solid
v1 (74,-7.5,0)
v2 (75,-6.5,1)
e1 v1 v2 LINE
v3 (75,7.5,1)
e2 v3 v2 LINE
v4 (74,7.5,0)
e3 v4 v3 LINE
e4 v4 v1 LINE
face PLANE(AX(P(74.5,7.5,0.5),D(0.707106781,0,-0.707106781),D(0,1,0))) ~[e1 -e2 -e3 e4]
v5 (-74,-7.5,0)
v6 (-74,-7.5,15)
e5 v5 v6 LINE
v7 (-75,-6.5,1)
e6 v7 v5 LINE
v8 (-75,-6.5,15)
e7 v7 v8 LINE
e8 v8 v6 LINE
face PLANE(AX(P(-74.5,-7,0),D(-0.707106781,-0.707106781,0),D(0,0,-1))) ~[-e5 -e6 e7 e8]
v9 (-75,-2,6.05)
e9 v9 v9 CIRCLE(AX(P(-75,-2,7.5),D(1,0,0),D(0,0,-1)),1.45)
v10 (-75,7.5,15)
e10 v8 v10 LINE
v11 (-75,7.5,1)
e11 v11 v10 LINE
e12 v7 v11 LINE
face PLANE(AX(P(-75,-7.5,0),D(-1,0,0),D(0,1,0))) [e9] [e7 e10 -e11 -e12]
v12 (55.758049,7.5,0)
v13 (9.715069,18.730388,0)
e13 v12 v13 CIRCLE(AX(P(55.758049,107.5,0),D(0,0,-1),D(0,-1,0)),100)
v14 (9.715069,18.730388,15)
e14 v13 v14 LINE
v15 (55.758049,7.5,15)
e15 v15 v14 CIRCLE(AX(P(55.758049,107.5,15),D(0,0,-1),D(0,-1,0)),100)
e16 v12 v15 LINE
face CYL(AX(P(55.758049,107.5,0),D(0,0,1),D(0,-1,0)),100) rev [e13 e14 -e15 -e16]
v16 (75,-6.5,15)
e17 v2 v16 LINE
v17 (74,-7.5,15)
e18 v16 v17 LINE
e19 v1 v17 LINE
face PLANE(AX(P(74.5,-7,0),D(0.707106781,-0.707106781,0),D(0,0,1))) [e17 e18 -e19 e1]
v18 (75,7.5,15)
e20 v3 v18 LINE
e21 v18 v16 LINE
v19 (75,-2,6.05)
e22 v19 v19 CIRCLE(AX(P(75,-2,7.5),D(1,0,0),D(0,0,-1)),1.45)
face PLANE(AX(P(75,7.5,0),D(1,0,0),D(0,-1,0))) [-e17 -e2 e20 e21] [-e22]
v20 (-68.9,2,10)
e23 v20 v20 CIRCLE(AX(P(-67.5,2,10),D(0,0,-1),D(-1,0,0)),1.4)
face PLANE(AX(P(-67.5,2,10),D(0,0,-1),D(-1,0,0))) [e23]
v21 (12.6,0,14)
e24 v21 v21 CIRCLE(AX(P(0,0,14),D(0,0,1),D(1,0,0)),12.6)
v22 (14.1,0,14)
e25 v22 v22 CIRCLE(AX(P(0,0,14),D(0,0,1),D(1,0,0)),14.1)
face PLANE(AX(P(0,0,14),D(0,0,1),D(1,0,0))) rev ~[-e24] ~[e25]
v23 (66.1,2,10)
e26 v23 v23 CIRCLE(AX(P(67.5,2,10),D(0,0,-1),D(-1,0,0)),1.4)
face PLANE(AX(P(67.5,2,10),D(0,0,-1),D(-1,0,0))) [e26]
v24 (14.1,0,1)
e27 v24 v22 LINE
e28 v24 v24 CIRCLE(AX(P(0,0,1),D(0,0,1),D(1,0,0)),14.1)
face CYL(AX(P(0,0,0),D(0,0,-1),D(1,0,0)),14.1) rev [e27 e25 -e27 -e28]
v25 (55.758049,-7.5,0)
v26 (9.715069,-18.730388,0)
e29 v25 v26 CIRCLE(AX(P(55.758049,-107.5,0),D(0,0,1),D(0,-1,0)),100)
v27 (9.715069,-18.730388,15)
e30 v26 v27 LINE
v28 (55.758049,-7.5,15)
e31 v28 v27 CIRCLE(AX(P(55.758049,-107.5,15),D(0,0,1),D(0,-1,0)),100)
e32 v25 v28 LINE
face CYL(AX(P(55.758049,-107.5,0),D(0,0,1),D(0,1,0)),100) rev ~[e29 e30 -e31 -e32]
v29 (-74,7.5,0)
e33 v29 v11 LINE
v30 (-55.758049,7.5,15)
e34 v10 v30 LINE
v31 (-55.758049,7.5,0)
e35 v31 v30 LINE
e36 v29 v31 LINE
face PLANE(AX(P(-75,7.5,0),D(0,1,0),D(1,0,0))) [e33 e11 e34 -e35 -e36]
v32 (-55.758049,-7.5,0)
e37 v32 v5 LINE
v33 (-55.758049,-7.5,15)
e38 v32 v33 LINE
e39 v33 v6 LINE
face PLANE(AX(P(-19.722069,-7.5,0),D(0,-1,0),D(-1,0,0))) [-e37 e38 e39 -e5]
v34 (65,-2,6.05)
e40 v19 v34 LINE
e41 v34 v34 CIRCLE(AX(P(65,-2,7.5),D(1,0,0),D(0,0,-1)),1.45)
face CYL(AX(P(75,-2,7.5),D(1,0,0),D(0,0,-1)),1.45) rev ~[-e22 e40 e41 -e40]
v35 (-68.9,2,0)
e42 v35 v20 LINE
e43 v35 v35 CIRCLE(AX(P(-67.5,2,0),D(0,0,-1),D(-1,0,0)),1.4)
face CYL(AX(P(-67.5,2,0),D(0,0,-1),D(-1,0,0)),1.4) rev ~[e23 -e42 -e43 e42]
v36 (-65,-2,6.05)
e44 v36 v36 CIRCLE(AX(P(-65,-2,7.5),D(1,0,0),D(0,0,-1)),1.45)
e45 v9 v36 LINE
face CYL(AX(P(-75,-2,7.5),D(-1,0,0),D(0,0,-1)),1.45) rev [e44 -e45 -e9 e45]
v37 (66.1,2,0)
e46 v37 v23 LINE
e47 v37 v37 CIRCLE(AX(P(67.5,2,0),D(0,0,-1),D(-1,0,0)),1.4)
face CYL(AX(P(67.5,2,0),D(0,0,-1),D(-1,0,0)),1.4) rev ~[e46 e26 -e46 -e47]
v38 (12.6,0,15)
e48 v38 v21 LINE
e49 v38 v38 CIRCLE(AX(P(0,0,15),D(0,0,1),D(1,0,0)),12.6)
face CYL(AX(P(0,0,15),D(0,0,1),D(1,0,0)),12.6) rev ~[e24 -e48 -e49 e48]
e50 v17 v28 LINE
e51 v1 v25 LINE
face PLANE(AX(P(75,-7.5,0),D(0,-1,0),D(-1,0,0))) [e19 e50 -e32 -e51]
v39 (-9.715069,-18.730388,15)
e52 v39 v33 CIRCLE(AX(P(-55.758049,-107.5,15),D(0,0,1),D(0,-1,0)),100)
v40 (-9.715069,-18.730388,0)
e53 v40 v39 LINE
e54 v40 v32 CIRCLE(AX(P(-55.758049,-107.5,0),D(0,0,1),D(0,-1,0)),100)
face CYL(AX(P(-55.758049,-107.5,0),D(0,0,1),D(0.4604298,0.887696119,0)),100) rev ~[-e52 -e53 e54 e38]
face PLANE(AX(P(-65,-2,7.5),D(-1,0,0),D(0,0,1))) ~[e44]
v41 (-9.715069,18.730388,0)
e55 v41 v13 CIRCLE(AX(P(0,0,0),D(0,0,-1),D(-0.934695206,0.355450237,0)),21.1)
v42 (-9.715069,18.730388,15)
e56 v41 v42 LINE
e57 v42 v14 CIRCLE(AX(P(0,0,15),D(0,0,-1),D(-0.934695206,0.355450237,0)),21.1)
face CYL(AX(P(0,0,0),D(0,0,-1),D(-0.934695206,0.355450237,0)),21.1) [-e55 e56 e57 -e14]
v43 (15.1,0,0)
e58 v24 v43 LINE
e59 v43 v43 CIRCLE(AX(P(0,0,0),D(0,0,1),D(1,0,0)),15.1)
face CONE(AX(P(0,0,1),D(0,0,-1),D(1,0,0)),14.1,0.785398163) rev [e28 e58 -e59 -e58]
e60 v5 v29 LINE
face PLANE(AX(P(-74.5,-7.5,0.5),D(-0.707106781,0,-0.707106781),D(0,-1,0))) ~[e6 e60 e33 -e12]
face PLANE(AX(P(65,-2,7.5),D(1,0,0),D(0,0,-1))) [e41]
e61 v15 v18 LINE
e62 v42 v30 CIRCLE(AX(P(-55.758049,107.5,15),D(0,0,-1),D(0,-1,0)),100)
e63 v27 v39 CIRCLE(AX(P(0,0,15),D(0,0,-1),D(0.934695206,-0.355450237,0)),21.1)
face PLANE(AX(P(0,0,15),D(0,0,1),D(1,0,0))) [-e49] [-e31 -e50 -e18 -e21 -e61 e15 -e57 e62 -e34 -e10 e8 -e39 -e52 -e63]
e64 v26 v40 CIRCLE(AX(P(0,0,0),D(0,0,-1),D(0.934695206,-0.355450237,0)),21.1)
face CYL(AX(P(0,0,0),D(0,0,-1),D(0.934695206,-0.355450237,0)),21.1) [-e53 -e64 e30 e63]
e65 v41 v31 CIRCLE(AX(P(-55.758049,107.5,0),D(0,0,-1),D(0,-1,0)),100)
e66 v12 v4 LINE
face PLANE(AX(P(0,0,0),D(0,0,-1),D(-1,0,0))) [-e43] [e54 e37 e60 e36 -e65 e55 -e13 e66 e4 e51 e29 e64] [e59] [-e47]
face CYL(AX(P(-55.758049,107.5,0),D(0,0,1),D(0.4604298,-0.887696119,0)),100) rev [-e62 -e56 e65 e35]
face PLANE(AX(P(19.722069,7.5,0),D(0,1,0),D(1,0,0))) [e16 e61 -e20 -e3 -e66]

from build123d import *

# Parameters (mm, degrees)
SKIZZE1_R                       = 14.1
AUFSATZ_LINEAR_AUSTRAGEN1_DEPTH = 15
VERRUNDUNG1_R                   = 100
SKIZZE2_R                       = 1.4
SCHNITT_LINEAR_AUSTRAGEN1_DEPTH = 10
SKIZZE3_R                       = 1.45
SCHNITT_LINEAR_AUSTRAGEN2_DEPTH = 10
SKIZZE6_R                       = 14.1
SKIZZE6_R_2                     = 12.6
AUFSATZ_LINEAR_AUSTRAGEN3_DEPTH = 1
FASE1_SIZE                      = 1
FASE2_SIZE                      = 1


with BuildPart() as part:
    # Skizze1 → Aufsatz-Linear austragen1 (new body)
    with BuildSketch(Plane.XY):
        with BuildLine():
            Line((19.722068857, 7.5), (75, 7.5))
            Line((75, 7.5), (75, -7.5))
            Line((75, -7.5), (19.722068857, -7.5))
            ThreePointArc((19.722068857, -7.5), (0, -21.1), (-19.722068857, -7.5))
            Line((-19.722068857, -7.5), (-75, -7.5))
            Line((-75, -7.5), (-75, 7.5))
            Line((-75, 7.5), (-19.722068857, 7.5))
            ThreePointArc((-19.722068857, 7.5), (0, 21.1), (19.722068857, 7.5))
        make_face()
        Circle(SKIZZE1_R, mode=Mode.SUBTRACT)
    extrude(amount=AUFSATZ_LINEAR_AUSTRAGEN1_DEPTH)

    # Verrundung1
    verrundung1_edges = [part.edges().sort_by_distance(p)[0] for p in [
        (19.722068857, -7.5, 7.5),
        (-19.722068857, -7.5, 7.5),
        (-19.722068857, 7.5, 7.5),
        (19.722068857, 7.5, 7.5),
    ]]
    fillet(verrundung1_edges, radius=VERRUNDUNG1_R)

    # Skizze2 → Schnitt-Linear austragen1 (cut)
    with BuildSketch(Plane(origin=(0, 0, 0), x_dir=(-1, 0, 0), z_dir=(0, 0, -1))):
        with Locations((-67.5, 2)):
            Circle(SKIZZE2_R)
        with Locations((67.5, 2)):
            Circle(SKIZZE2_R)
    extrude(amount=-SCHNITT_LINEAR_AUSTRAGEN1_DEPTH, mode=Mode.SUBTRACT)

    # Skizze3 → Schnitt-Linear austragen2 (cut)
    with BuildSketch(Plane(origin=(75, 0, 0), x_dir=(0, 0, -1), z_dir=(1, 0, 0))):
        with Locations((-7.5, -2)):
            Circle(SKIZZE3_R)
    schnitt_linear_austragen2 = extrude(amount=-SCHNITT_LINEAR_AUSTRAGEN2_DEPTH, mode=Mode.SUBTRACT)

    # Spiegeln1: Schnitt-Linear austragen2 across plane
    add(schnitt_linear_austragen2.mirror(Plane(origin=(0, 0, 0), x_dir=(0, 0, 1), z_dir=(1, 0, 0))), mode=Mode.SUBTRACT)

    # Skizze6 → Aufsatz-Linear austragen3 (add)
    with BuildSketch(Plane.XY.offset(15)):
        Circle(SKIZZE6_R)
        Circle(SKIZZE6_R_2, mode=Mode.SUBTRACT)
    extrude(amount=-AUFSATZ_LINEAR_AUSTRAGEN3_DEPTH)

    # Fase1
    fase1_edges = [part.edges().sort_by_distance(p)[0] for p in [
        (-14.1, 0, 0),
    ]]
    chamfer(fase1_edges, length=FASE1_SIZE)

    # Fase2
    fase2_edges = [part.edges().sort_by_distance(p)[0] for p in [
        (75, 0, 0),
        (75, -7.5, 7.5),
        (-75, -7.5, 7.5),
        (-75, 0, 0),
    ]]
    chamfer(fase2_edges, length=FASE2_SIZE)


solid = part.part
